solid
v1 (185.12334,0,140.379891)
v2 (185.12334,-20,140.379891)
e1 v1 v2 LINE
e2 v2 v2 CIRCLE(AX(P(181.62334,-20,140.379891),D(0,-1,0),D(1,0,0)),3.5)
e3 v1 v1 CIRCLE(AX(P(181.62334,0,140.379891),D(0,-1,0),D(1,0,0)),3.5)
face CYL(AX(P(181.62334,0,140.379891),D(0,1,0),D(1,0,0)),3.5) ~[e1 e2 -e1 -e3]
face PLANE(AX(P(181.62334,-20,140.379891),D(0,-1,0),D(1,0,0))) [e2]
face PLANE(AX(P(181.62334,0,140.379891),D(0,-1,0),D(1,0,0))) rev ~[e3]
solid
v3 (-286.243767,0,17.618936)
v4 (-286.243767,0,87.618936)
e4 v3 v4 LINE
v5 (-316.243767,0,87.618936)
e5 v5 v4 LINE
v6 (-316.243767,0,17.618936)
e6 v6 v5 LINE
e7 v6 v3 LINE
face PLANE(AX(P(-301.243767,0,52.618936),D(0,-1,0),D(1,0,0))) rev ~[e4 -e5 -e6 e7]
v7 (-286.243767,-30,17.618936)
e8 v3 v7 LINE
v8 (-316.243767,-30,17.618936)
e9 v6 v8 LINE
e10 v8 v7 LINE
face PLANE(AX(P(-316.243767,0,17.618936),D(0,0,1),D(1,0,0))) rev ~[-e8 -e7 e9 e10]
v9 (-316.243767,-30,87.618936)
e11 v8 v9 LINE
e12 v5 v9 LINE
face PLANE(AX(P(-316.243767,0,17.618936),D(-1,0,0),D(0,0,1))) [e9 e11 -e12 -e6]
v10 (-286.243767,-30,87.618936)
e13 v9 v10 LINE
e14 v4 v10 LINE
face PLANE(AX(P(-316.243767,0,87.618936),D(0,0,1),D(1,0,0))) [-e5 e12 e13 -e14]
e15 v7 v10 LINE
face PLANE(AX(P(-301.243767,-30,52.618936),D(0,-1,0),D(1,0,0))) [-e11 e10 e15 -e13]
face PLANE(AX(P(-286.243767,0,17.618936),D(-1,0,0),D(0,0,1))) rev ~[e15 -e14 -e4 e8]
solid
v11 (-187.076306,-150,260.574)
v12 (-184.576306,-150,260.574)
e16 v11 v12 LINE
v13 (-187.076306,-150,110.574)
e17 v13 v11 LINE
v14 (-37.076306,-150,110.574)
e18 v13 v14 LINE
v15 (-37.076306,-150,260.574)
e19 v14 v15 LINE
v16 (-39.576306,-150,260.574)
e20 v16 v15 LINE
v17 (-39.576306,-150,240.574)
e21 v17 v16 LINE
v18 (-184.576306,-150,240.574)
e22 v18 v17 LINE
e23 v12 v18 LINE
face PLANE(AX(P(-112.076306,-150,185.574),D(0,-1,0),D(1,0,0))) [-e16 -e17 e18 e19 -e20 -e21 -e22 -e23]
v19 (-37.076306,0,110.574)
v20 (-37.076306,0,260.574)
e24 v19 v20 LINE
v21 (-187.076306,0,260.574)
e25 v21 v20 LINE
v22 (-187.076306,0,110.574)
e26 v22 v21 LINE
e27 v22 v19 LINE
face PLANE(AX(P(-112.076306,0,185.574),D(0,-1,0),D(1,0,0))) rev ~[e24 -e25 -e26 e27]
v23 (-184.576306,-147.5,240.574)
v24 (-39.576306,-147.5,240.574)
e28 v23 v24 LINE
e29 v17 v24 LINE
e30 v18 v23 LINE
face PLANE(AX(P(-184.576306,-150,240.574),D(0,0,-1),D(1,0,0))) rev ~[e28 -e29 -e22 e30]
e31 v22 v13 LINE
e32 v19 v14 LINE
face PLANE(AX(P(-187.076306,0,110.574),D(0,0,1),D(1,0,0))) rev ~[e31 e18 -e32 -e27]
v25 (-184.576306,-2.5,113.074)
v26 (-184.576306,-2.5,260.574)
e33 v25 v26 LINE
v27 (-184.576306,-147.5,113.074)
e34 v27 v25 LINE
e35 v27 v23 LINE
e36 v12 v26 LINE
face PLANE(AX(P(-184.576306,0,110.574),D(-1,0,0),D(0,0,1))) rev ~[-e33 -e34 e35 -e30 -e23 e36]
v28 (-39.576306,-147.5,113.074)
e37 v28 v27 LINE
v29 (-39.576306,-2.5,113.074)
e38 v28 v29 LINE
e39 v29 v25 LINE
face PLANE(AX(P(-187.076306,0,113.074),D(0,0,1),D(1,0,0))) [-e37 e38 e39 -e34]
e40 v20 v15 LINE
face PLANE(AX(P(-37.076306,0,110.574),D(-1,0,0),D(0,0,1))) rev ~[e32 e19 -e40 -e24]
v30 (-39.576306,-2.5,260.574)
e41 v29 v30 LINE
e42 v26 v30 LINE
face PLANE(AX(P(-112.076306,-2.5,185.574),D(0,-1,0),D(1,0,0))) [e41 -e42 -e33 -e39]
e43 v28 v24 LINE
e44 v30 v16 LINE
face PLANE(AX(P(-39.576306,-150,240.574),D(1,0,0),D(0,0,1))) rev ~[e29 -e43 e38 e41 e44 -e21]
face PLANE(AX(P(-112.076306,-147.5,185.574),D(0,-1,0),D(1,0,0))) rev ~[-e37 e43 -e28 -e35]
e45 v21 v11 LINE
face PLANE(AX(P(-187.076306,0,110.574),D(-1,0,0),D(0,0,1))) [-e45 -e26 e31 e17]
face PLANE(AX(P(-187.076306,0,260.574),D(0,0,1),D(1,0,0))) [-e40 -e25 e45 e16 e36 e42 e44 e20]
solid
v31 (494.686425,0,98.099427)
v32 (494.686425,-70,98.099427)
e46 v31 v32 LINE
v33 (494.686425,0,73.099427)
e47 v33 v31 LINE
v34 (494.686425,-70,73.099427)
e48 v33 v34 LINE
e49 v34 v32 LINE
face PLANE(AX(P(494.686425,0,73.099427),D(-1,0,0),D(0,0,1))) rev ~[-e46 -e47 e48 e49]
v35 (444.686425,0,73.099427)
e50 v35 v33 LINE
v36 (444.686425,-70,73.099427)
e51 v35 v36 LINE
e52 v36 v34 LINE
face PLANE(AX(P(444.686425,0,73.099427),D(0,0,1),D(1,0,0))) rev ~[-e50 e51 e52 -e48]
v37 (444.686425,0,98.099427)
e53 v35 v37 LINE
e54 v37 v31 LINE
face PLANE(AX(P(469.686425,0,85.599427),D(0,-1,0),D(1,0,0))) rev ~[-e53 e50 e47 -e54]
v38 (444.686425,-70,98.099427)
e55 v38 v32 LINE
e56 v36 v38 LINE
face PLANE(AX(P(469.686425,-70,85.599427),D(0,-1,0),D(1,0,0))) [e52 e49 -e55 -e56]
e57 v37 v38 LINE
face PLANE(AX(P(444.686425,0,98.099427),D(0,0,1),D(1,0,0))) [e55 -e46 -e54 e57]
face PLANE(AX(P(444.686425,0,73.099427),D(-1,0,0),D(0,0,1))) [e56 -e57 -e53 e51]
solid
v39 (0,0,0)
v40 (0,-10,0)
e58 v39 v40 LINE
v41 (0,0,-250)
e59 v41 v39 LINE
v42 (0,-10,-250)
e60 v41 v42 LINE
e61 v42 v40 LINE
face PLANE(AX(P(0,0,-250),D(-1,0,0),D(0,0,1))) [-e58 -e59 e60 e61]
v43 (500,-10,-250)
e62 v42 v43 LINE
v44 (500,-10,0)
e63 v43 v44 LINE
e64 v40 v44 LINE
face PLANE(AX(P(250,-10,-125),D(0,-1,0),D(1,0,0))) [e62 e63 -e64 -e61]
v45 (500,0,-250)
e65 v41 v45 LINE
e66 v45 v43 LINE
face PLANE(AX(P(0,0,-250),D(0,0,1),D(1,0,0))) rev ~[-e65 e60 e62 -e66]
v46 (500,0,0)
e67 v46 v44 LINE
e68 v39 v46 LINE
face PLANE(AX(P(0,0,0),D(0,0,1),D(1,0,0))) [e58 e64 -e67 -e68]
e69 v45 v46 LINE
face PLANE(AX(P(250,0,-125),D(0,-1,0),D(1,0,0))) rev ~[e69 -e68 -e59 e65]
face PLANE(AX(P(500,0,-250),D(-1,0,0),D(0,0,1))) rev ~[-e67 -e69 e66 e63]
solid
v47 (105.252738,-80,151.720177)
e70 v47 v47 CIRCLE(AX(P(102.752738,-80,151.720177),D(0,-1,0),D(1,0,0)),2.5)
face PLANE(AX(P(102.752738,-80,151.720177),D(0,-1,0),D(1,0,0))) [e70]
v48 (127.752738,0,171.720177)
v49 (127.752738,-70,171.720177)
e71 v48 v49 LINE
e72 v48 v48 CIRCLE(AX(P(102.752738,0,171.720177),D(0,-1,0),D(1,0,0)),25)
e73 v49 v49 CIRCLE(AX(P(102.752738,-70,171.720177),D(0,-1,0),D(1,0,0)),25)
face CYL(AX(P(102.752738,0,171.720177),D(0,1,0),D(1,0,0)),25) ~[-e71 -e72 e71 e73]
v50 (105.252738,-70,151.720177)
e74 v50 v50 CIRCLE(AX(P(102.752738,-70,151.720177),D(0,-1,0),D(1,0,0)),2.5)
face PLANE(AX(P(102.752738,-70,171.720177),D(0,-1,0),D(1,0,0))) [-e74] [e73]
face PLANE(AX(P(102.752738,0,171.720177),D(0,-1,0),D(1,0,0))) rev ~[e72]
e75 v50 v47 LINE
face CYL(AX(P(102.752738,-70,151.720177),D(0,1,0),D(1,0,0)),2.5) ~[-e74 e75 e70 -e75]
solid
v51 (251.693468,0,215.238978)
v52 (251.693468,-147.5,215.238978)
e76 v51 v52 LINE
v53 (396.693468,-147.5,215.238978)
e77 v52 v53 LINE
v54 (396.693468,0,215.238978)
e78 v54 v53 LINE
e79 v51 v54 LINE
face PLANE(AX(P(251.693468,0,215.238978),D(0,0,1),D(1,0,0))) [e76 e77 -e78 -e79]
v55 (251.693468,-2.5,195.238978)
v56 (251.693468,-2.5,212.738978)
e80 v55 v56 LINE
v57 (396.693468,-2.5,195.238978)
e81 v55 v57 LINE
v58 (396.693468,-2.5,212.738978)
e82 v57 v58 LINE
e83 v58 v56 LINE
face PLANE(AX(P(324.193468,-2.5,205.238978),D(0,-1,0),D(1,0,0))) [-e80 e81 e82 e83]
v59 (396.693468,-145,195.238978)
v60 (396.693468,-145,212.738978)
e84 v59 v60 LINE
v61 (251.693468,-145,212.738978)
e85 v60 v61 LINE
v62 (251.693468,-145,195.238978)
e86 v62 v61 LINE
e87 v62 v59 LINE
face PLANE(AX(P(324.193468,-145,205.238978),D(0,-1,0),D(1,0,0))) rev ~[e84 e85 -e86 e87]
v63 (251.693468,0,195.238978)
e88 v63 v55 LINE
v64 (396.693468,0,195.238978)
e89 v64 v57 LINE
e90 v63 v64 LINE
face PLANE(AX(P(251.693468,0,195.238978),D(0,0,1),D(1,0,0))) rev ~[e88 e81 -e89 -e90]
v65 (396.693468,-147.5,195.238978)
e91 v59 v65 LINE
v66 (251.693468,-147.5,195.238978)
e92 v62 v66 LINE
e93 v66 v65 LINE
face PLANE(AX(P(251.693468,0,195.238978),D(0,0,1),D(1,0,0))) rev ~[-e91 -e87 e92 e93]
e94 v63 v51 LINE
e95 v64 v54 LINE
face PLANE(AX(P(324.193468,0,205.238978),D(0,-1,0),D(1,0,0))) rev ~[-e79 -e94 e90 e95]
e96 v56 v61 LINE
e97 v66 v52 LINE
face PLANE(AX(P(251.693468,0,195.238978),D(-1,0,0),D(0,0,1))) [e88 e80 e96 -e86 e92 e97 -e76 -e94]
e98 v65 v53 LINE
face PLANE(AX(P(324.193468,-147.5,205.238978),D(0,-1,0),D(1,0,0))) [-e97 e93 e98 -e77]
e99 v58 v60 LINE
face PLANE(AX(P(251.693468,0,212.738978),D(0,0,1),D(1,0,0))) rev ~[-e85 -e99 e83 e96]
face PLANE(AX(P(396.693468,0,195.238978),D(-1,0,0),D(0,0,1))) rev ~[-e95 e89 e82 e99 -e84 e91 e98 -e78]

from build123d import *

# Parameters (mm, degrees)
F0_W      = 500
F0_H      = 250
F2_DEPTH  = 10
F1_W      = 30
F1_H      = 70
F3_DEPTH  = 30
F4_W      = 150
F4_H      = 150
F5_DEPTH  = 150
F6_T      = -2.5
F8_DEPTH  = 100
F9_R      = 25
F10_DEPTH = 70
F11_R     = 2.5
F12_DEPTH = 10
F13_W     = 145
F13_H     = 20
F14_DEPTH = 147.5
F15_T     = -2.5
F16_R     = 3.5
F17_DEPTH = 20
F18_W     = 50
F18_H     = 25
F19_DEPTH = 70


with BuildPart() as f2:
    # F0 (on Front) → F2 (new body)
    with BuildSketch(Plane.XZ):
        with Locations((250, -125)):
            Rectangle(F0_W, F0_H)
    extrude(amount=F2_DEPTH)


with BuildPart() as f3:
    # F1 (on Front) → F3 (new body)
    with BuildSketch(Plane.XZ):
        with Locations((-301.243767, 52.618936)):
            Rectangle(F1_W, F1_H)
    extrude(amount=F3_DEPTH)


with BuildPart() as f5:
    # F4 (on Front) → F5 (new body)
    with BuildSketch(Plane.XZ):
        with Locations((-112.076306, 185.574)):
            Rectangle(F4_W, F4_H)
    extrude(amount=F5_DEPTH)

    # F6
    f6_openings = [f5.faces().sort_by_distance(p)[0] for p in [
        (-112.076306, -75, 260.574),
    ]]
    offset(amount=F6_T, openings=f6_openings)

    # F7 (on face) → F8 (cut)
    with BuildSketch(Plane.XZ.offset(150)):
        Polygon((-39.576306, 260.574), (-112.076306, 260.574), (-184.576306, 260.574), (-184.576306, 240.574), (-39.576306, 240.574), align=None)
    extrude(amount=-F8_DEPTH, mode=Mode.SUBTRACT)


with BuildPart() as f10:
    # F9 (on Front) → F10 (new body)
    with BuildSketch(Plane.XZ):
        with Locations((102.752738, 171.720177)):
            Circle(F9_R)
    extrude(amount=F10_DEPTH)

    # F11 (on face) → F12 (join)
    with BuildSketch(Plane.XZ.offset(70)):
        with Locations((102.752738, 151.720177)):
            Circle(F11_R)
    extrude(amount=F12_DEPTH)


with BuildPart() as f14:
    # F13 (on Front) → F14 (new body)
    with BuildSketch(Plane.XZ):
        with Locations((324.193468, 205.238978)):
            Rectangle(F13_W, F13_H)
    extrude(amount=F14_DEPTH)

    # F15
    f15_openings = [f14.faces().sort_by_distance(p)[0] for p in [
        (396.693468, -73.75, 205.238978),
        (251.693468, -73.75, 205.238978),
        (324.193468, -73.75, 195.238978),
    ]]
    offset(amount=F15_T, openings=f15_openings)


with BuildPart() as f17:
    # F16 (on Front) → F17 (new body)
    with BuildSketch(Plane.XZ):
        with Locations((181.62334, 140.379891)):
            Circle(F16_R)
    extrude(amount=F17_DEPTH)


with BuildPart() as f19:
    # F18 (on Front) → F19 (new body)
    with BuildSketch(Plane.XZ):
        with Locations((469.686425, 85.599427)):
            Rectangle(F18_W, F18_H)
    extrude(amount=F19_DEPTH)


solid = Compound([f2.part, f3.part, f5.part, f10.part, f14.part, f17.part, f19.part])
